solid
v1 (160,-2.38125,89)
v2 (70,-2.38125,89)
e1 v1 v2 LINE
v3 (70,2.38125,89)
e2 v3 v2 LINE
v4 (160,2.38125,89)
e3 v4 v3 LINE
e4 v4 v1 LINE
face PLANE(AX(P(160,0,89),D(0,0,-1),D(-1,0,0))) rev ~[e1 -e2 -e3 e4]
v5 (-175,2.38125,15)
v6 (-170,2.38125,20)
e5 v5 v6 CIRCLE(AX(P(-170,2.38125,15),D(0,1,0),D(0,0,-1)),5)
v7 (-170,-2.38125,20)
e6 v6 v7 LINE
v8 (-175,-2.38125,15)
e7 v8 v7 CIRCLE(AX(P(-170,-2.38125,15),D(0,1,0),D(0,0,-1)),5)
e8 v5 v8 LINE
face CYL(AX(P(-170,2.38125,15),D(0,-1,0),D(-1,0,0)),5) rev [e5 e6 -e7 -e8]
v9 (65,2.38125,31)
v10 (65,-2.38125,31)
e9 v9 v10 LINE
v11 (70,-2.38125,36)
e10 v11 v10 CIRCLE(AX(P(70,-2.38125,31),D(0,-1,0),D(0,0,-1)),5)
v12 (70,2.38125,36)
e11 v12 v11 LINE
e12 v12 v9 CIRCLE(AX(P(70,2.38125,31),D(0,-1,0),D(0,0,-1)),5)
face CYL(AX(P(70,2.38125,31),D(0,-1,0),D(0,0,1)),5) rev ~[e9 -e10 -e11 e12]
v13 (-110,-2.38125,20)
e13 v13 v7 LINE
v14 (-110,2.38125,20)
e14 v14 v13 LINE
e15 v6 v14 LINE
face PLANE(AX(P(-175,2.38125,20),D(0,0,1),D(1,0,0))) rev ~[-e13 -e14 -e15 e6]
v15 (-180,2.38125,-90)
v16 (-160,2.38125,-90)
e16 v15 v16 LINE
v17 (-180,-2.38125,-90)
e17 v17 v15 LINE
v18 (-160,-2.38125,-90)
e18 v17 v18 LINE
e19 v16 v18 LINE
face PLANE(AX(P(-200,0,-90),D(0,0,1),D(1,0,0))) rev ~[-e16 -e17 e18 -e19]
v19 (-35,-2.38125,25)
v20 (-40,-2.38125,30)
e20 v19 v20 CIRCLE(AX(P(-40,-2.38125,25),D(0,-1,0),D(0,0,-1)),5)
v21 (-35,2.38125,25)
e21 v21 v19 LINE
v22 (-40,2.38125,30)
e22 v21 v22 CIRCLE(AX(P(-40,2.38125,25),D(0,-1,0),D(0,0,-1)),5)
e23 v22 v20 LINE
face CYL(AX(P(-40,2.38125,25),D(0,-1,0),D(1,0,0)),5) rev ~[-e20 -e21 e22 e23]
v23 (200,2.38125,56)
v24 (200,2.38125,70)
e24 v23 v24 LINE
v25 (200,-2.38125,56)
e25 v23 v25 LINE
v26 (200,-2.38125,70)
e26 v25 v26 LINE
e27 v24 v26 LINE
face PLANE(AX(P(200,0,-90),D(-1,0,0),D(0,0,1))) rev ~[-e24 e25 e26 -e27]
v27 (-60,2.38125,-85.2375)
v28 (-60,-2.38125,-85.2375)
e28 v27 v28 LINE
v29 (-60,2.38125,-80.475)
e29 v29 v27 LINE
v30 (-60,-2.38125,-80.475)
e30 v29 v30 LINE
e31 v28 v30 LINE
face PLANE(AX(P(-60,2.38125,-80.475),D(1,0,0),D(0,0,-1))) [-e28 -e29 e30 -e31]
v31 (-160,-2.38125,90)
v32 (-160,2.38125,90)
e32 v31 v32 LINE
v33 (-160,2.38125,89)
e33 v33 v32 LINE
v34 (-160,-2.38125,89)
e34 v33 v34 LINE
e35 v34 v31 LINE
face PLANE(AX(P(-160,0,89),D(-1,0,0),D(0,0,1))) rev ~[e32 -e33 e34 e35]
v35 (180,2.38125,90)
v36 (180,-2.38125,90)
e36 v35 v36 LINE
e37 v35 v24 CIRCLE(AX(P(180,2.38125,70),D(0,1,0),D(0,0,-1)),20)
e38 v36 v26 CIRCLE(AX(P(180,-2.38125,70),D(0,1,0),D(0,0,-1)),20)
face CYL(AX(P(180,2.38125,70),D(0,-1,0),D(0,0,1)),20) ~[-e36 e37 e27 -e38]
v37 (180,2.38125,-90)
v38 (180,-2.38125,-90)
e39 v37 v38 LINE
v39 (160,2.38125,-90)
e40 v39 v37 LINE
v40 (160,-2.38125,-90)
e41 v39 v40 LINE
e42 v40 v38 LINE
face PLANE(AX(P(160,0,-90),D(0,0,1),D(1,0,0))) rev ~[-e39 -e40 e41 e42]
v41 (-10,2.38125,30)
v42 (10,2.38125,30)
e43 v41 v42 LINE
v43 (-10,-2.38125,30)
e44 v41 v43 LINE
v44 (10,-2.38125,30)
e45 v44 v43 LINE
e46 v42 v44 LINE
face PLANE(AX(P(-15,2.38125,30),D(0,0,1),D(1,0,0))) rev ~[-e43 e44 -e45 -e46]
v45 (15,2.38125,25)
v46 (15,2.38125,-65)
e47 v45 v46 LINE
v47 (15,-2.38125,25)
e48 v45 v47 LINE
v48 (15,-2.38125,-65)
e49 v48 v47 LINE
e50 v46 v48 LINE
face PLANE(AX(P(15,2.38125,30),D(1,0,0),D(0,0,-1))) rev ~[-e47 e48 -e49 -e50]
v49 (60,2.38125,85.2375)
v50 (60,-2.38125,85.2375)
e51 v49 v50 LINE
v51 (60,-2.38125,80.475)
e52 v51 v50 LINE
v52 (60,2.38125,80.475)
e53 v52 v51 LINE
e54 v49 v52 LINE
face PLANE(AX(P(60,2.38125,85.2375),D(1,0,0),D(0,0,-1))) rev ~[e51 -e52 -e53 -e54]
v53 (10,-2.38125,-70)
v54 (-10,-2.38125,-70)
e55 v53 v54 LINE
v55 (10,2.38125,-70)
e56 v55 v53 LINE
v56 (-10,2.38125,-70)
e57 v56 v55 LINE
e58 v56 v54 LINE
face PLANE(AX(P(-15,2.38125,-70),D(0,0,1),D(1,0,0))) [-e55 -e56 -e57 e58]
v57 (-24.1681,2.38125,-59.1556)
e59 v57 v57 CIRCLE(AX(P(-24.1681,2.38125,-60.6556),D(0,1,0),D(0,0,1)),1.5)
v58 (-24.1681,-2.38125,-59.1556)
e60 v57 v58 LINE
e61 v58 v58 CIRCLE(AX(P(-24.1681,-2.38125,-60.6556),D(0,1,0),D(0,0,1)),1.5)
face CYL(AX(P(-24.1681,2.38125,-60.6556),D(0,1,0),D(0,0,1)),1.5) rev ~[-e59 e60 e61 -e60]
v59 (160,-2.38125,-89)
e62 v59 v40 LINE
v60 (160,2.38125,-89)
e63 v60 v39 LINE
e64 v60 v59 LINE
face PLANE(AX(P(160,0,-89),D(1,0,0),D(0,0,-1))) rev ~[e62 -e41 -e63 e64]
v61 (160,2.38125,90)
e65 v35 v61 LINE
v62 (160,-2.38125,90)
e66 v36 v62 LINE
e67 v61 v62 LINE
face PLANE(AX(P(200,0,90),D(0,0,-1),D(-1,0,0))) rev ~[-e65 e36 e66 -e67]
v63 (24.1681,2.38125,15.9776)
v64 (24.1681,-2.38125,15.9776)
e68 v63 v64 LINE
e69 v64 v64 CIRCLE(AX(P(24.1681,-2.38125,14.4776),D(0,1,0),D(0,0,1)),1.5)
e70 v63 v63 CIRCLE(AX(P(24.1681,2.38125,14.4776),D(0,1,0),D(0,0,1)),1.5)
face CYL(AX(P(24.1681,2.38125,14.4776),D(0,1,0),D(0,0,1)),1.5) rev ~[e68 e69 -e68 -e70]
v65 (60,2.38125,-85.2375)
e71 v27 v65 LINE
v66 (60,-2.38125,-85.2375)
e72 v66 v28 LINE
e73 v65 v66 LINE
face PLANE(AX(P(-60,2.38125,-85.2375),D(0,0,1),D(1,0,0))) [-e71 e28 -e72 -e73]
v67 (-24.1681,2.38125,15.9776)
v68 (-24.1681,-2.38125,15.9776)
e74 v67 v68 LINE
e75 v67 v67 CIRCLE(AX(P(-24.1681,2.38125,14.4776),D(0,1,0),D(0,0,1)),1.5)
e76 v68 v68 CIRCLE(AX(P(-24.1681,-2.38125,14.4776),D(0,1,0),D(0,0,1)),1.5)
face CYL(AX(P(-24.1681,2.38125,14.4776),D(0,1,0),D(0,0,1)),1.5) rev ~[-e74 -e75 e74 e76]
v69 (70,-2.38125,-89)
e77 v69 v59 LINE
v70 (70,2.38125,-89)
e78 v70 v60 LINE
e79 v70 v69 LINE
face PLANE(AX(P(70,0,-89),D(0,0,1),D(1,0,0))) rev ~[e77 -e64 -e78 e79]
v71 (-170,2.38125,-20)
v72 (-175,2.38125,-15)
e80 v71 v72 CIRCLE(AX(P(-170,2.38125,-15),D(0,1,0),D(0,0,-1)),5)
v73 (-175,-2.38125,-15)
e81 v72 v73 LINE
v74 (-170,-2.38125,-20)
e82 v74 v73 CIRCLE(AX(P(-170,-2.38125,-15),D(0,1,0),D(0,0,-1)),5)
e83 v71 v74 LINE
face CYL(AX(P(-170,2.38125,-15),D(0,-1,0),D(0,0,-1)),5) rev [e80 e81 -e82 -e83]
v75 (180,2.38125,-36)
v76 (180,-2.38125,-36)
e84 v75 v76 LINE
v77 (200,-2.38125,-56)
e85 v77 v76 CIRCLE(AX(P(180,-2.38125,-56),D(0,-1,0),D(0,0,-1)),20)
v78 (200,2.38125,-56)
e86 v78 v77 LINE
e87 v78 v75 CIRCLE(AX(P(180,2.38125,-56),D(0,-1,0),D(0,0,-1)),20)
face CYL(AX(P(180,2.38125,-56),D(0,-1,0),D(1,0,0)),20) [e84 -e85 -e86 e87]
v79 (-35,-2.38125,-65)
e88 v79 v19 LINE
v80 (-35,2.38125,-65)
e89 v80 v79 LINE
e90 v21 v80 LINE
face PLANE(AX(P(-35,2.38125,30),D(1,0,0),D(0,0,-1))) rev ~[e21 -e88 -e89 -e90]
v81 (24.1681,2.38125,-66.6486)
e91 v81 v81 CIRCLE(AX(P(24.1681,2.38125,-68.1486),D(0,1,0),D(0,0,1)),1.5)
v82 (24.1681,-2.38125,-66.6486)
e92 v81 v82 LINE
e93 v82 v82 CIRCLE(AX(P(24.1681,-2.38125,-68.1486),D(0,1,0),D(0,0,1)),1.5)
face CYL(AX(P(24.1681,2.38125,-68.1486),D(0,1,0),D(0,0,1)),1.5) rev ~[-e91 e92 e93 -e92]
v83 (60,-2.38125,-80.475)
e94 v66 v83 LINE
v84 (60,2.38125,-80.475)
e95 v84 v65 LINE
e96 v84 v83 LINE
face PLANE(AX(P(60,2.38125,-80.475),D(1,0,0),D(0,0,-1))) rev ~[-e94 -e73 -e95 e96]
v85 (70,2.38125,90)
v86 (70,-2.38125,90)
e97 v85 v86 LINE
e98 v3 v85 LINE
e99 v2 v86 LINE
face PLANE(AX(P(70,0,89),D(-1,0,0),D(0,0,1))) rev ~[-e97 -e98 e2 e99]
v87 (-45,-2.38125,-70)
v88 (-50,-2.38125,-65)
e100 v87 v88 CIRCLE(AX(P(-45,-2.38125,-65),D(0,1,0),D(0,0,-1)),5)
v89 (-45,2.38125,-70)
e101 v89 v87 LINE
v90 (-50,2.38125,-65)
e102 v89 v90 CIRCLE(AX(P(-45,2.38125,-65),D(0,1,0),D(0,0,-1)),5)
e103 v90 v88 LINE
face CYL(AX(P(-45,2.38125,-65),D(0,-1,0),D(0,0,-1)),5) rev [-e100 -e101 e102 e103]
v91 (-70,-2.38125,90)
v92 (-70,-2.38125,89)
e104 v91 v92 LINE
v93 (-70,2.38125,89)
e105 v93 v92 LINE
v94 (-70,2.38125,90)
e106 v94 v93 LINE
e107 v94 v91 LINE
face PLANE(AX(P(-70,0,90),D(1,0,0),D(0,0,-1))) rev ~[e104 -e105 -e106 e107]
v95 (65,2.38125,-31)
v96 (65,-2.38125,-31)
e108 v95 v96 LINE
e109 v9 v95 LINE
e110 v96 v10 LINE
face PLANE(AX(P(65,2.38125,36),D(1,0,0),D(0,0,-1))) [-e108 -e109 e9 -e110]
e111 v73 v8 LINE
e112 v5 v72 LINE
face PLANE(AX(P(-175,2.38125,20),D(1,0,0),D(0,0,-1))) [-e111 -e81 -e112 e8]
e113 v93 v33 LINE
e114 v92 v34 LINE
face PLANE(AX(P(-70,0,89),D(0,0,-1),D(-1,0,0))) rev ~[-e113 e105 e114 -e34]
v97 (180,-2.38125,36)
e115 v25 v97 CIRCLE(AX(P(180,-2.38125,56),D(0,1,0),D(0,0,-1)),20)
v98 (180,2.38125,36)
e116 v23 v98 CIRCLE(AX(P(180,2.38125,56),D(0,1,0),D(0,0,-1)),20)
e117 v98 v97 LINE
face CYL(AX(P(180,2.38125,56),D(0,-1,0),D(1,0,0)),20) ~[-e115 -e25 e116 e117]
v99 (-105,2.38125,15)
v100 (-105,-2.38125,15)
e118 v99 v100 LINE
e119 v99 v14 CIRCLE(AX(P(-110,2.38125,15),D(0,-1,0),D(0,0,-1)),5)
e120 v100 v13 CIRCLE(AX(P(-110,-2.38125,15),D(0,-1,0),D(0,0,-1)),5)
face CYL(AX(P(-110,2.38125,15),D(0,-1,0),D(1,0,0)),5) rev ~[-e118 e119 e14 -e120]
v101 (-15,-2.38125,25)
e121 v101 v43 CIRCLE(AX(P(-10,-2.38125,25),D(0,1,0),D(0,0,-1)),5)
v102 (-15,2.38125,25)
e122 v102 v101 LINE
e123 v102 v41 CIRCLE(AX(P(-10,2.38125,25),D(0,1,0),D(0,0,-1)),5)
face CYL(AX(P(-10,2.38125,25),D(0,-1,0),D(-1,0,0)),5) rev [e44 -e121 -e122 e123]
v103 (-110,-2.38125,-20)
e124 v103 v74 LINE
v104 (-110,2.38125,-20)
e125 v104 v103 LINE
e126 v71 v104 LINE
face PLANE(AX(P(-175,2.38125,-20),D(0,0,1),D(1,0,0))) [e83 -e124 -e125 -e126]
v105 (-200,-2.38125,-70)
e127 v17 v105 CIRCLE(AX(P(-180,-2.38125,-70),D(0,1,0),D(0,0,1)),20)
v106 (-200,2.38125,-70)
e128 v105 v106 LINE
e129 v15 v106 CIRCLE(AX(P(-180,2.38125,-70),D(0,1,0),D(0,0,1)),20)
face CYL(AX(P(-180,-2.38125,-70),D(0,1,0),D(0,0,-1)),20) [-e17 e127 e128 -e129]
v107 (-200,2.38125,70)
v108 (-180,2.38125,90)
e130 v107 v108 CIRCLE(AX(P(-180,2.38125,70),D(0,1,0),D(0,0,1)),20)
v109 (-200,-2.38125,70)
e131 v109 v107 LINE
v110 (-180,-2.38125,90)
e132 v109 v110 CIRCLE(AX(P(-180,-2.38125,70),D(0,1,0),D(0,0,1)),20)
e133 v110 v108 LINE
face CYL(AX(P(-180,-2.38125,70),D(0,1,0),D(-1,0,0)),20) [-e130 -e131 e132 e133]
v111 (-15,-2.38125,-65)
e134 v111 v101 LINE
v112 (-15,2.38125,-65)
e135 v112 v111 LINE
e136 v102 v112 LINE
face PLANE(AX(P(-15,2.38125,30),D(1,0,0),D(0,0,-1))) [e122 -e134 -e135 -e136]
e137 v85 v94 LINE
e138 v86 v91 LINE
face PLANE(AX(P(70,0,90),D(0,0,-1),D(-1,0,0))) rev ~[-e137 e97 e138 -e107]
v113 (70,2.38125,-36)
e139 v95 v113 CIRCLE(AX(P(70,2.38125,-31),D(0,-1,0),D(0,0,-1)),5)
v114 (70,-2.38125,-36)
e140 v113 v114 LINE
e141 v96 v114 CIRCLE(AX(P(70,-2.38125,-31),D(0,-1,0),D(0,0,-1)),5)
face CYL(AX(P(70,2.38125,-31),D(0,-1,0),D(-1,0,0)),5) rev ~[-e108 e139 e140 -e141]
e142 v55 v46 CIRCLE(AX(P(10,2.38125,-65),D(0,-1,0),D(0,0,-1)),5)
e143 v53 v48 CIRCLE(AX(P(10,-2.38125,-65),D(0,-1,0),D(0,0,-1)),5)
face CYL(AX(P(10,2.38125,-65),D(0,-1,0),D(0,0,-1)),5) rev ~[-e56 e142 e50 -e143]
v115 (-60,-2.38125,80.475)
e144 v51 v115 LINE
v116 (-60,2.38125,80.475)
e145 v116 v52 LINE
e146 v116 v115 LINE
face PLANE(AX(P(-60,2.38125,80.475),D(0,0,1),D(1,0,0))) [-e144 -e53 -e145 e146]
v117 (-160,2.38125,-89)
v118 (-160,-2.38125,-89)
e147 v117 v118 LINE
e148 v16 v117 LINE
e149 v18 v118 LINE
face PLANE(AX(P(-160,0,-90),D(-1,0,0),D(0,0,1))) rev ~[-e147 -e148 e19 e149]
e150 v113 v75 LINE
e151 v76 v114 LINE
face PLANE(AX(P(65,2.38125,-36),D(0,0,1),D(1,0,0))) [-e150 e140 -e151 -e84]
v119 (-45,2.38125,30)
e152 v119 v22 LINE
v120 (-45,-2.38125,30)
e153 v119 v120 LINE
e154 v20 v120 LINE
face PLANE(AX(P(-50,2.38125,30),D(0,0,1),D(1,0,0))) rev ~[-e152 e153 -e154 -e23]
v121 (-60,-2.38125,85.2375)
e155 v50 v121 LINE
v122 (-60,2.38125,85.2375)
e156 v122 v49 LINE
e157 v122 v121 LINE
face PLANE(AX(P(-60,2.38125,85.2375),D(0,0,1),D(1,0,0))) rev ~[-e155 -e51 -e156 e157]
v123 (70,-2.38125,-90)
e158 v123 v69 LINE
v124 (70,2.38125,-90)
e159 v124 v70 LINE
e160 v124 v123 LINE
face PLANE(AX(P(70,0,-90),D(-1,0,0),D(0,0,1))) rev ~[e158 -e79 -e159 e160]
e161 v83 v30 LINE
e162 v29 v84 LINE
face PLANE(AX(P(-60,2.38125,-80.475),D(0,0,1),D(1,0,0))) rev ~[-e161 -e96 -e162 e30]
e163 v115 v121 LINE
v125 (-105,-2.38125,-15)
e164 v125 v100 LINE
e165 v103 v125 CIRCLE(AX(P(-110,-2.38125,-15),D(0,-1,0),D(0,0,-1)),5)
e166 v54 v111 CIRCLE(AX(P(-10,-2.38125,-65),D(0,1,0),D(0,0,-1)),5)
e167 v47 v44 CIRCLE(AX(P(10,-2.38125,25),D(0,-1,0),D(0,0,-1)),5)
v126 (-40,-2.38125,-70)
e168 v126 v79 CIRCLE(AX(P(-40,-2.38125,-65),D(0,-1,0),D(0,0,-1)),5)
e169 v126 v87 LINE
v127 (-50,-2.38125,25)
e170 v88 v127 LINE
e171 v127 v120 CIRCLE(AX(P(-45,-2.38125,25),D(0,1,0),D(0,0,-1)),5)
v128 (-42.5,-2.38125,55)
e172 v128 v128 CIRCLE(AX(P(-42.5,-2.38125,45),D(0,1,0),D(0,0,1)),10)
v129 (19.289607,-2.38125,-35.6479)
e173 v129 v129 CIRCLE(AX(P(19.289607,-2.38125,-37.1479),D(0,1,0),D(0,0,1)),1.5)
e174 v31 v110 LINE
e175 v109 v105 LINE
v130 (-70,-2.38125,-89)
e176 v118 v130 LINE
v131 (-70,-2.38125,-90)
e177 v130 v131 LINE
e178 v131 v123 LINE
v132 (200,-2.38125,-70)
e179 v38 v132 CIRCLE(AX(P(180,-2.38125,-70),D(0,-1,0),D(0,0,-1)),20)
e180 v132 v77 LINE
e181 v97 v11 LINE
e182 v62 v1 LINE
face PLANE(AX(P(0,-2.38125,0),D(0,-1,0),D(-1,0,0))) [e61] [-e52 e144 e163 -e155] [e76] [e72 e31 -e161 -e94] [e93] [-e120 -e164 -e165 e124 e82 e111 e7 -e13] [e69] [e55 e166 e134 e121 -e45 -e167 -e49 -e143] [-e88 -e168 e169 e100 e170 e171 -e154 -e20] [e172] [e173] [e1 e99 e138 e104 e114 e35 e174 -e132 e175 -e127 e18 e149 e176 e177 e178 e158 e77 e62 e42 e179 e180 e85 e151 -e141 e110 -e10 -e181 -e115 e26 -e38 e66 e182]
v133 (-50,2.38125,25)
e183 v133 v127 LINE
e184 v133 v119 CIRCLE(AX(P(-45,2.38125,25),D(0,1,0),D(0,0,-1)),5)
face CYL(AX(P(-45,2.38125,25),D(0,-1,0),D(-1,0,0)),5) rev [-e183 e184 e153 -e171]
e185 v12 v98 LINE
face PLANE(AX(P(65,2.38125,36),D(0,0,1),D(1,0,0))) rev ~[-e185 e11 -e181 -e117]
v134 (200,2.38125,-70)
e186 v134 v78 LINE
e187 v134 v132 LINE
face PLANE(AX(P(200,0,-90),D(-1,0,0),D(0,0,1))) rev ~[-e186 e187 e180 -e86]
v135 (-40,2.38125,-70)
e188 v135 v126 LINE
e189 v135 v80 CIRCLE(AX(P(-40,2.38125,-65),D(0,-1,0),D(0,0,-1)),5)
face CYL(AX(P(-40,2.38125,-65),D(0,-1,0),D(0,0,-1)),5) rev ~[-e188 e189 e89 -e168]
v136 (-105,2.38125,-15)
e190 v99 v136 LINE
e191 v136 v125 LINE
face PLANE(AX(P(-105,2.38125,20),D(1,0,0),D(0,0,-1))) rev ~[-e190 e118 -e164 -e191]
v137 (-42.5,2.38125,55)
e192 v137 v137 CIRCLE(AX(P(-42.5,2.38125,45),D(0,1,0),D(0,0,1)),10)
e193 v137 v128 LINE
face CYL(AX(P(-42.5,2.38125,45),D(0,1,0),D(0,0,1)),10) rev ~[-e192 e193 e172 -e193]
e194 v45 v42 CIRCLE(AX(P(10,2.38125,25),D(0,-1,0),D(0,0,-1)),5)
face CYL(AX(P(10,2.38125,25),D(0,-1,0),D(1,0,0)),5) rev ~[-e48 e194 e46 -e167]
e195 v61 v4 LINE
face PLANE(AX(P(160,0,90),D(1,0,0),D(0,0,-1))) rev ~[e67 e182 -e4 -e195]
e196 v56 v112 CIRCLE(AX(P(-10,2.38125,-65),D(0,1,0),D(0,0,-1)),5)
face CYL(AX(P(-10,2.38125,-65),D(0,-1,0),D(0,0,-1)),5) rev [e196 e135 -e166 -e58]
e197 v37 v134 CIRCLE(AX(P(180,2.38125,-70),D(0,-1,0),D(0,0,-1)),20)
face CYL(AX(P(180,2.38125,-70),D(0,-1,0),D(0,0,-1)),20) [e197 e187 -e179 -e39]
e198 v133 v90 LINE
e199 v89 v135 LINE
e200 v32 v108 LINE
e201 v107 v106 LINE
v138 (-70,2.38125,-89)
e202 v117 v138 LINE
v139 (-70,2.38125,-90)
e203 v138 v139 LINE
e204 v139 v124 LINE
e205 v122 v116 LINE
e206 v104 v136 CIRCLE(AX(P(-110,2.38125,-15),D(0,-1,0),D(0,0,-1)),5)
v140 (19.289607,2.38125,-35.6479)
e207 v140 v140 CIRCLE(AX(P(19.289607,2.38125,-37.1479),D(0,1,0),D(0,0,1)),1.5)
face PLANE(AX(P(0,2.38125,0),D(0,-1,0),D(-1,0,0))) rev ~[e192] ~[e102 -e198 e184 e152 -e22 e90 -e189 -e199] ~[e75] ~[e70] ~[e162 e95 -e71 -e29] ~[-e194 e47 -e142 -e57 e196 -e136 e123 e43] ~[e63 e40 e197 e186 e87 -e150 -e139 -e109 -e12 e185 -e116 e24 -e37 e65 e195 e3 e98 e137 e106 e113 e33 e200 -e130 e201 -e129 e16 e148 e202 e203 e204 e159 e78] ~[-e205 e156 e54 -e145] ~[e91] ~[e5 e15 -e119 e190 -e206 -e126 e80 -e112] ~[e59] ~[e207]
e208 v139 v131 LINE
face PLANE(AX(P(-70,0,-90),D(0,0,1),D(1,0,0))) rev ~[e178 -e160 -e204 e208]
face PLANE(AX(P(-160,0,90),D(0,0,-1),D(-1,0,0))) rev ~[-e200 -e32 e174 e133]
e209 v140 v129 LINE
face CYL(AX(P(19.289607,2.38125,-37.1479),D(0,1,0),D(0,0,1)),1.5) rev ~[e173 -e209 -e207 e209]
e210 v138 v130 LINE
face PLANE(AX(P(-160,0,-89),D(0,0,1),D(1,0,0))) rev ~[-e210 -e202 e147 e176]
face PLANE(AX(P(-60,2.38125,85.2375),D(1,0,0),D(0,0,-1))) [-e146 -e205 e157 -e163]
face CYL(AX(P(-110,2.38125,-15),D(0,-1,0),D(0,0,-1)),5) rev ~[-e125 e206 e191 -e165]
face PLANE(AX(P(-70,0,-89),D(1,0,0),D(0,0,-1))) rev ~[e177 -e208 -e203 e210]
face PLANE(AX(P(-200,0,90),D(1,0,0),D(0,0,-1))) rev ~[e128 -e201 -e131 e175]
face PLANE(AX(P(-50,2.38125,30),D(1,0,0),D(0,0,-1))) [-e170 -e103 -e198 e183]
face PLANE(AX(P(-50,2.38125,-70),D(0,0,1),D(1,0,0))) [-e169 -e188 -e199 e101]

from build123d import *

# Parameters (mm, degrees)
BOSS_EXTRUDE1_DEPTH = 2.38125
SKETCH2_W           = 135
SKETCH2_H           = 72
CUT_EXTRUDE1_DEPTH  = 10
SKETCH3_R           = 10
SKETCH3_W           = 15
SKETCH3_H           = 100
SKETCH3_W_2         = 70
SKETCH3_H_2         = 40
SKETCH3_W_3         = 30
CUT_EXTRUDE2_DEPTH  = 10
SKETCH4_R           = 1.5
CUT_EXTRUDE3_DEPTH  = 10
SKETCH5_W           = 120
SKETCH5_H           = 4.7625
CUT_EXTRUDE4_DEPTH  = 10
FILLET1_R           = 20
FILLET2_R           = 20
FILLET3_R           = 5


with BuildPart() as part:
    # Sketch1 → Boss-Extrude1 (new, symmetric)
    with BuildSketch(Plane(origin=(0, 0, 0), x_dir=(1, 0, 0), z_dir=(0, 1, 0))):
        Polygon((-200, 90), (-160, 90), (-160, 89), (-70, 89), (-70, 90), (70, 90), (70, 89), (160, 89), (160, 90), (200, 90), (200, -90), (160, -90), (160, -89), (70, -89), (70, -90), (-70, -90), (-70, -89), (-160, -89), (-160, -90), (-200, -90), align=None)
    extrude(amount=BOSS_EXTRUDE1_DEPTH, both=True)

    # Sketch2 → Cut-Extrude1 (cut)
    with BuildSketch(Plane(origin=(0, 2.38125, 0), x_dir=(1, 0, 0), z_dir=(0, 1, 0))):
        with Locations((132.5, 0)):
            Rectangle(SKETCH2_W, SKETCH2_H)
    extrude(amount=-CUT_EXTRUDE1_DEPTH, mode=Mode.SUBTRACT)

    # Sketch3 → Cut-Extrude2 (cut)
    with BuildSketch(Plane(origin=(0, 2.38125, 0), x_dir=(1, 0, 0), z_dir=(0, 1, 0))):
        with Locations(Location((-42.5, -45, 0), (0, 0, 270))):
            Circle(SKETCH3_R)
        with Locations((-42.5, 20)):
            Rectangle(SKETCH3_W, SKETCH3_H)
        with Locations((-140, 0)):
            Rectangle(SKETCH3_W_2, SKETCH3_H_2)
        with Locations((0, 20)):
            Rectangle(SKETCH3_W_3, SKETCH3_H)
    extrude(amount=-CUT_EXTRUDE2_DEPTH, mode=Mode.SUBTRACT)

    # Sketch4 → Cut-Extrude3 (cut)
    with BuildSketch(Plane(origin=(0, 2.38125, 0), x_dir=(1, 0, 0), z_dir=(0, 1, 0))):
        with Locations(Location((24.1681, -14.4776, 0), (0, 0, 270))):
            Circle(SKETCH4_R)
        with Locations(Location((-24.1681, -14.4776, 0), (0, 0, 270))):
            Circle(SKETCH4_R)
        with Locations(Location((-24.1681, 60.6556, 0), (0, 0, 270))):
            Circle(SKETCH4_R)
        with Locations(Location((24.1681, 68.1486, 0), (0, 0, 270))):
            Circle(SKETCH4_R)
        with Locations(Location((19.289607234, 37.1479, 0), (0, 0, 270))):
            Circle(SKETCH4_R)
    extrude(amount=-CUT_EXTRUDE3_DEPTH, mode=Mode.SUBTRACT)

    # Sketch5 → Cut-Extrude4 (cut)
    with BuildSketch(Plane(origin=(0, 2.38125, 0), x_dir=(1, 0, 0), z_dir=(0, 1, 0))):
        with Locations((0, 82.85625)):
            Rectangle(SKETCH5_W, SKETCH5_H)
        with Locations((0, -82.85625)):
            Rectangle(SKETCH5_W, SKETCH5_H)
    extrude(amount=-CUT_EXTRUDE4_DEPTH, mode=Mode.SUBTRACT)

    # Fillet1
    fillet1_edges = [part.edges().sort_by_distance(p)[0] for p in [
        (-200, 0, -90),
        (200, 0, -90),
        (200, 0, 90),
        (-200, 0, 90),
    ]]
    fillet(fillet1_edges, radius=FILLET1_R)

    # Fillet2
    fillet2_edges = [part.edges().sort_by_distance(p)[0] for p in [
        (200, 0, -36),
        (200, 0, 36),
    ]]
    fillet(fillet2_edges, radius=FILLET2_R)

    # Fillet3
    fillet3_edges = [part.edges().sort_by_distance(p)[0] for p in [
        (-175, 0, 20),
        (-175, 0, -20),
        (-105, 0, -20),
        (-105, 0, 20),
        (-35, 0, -70),
        (-35, 0, 30),
        (-50, 0, 30),
        (-50, 0, -70),
        (65, 0, 36),
        (65, 0, -36),
        (-15, 0, 30),
        (-15, 0, -70),
        (15, 0, -70),
        (15, 0, 30),
    ]]
    fillet(fillet3_edges, radius=FILLET3_R)


solid = part.part
